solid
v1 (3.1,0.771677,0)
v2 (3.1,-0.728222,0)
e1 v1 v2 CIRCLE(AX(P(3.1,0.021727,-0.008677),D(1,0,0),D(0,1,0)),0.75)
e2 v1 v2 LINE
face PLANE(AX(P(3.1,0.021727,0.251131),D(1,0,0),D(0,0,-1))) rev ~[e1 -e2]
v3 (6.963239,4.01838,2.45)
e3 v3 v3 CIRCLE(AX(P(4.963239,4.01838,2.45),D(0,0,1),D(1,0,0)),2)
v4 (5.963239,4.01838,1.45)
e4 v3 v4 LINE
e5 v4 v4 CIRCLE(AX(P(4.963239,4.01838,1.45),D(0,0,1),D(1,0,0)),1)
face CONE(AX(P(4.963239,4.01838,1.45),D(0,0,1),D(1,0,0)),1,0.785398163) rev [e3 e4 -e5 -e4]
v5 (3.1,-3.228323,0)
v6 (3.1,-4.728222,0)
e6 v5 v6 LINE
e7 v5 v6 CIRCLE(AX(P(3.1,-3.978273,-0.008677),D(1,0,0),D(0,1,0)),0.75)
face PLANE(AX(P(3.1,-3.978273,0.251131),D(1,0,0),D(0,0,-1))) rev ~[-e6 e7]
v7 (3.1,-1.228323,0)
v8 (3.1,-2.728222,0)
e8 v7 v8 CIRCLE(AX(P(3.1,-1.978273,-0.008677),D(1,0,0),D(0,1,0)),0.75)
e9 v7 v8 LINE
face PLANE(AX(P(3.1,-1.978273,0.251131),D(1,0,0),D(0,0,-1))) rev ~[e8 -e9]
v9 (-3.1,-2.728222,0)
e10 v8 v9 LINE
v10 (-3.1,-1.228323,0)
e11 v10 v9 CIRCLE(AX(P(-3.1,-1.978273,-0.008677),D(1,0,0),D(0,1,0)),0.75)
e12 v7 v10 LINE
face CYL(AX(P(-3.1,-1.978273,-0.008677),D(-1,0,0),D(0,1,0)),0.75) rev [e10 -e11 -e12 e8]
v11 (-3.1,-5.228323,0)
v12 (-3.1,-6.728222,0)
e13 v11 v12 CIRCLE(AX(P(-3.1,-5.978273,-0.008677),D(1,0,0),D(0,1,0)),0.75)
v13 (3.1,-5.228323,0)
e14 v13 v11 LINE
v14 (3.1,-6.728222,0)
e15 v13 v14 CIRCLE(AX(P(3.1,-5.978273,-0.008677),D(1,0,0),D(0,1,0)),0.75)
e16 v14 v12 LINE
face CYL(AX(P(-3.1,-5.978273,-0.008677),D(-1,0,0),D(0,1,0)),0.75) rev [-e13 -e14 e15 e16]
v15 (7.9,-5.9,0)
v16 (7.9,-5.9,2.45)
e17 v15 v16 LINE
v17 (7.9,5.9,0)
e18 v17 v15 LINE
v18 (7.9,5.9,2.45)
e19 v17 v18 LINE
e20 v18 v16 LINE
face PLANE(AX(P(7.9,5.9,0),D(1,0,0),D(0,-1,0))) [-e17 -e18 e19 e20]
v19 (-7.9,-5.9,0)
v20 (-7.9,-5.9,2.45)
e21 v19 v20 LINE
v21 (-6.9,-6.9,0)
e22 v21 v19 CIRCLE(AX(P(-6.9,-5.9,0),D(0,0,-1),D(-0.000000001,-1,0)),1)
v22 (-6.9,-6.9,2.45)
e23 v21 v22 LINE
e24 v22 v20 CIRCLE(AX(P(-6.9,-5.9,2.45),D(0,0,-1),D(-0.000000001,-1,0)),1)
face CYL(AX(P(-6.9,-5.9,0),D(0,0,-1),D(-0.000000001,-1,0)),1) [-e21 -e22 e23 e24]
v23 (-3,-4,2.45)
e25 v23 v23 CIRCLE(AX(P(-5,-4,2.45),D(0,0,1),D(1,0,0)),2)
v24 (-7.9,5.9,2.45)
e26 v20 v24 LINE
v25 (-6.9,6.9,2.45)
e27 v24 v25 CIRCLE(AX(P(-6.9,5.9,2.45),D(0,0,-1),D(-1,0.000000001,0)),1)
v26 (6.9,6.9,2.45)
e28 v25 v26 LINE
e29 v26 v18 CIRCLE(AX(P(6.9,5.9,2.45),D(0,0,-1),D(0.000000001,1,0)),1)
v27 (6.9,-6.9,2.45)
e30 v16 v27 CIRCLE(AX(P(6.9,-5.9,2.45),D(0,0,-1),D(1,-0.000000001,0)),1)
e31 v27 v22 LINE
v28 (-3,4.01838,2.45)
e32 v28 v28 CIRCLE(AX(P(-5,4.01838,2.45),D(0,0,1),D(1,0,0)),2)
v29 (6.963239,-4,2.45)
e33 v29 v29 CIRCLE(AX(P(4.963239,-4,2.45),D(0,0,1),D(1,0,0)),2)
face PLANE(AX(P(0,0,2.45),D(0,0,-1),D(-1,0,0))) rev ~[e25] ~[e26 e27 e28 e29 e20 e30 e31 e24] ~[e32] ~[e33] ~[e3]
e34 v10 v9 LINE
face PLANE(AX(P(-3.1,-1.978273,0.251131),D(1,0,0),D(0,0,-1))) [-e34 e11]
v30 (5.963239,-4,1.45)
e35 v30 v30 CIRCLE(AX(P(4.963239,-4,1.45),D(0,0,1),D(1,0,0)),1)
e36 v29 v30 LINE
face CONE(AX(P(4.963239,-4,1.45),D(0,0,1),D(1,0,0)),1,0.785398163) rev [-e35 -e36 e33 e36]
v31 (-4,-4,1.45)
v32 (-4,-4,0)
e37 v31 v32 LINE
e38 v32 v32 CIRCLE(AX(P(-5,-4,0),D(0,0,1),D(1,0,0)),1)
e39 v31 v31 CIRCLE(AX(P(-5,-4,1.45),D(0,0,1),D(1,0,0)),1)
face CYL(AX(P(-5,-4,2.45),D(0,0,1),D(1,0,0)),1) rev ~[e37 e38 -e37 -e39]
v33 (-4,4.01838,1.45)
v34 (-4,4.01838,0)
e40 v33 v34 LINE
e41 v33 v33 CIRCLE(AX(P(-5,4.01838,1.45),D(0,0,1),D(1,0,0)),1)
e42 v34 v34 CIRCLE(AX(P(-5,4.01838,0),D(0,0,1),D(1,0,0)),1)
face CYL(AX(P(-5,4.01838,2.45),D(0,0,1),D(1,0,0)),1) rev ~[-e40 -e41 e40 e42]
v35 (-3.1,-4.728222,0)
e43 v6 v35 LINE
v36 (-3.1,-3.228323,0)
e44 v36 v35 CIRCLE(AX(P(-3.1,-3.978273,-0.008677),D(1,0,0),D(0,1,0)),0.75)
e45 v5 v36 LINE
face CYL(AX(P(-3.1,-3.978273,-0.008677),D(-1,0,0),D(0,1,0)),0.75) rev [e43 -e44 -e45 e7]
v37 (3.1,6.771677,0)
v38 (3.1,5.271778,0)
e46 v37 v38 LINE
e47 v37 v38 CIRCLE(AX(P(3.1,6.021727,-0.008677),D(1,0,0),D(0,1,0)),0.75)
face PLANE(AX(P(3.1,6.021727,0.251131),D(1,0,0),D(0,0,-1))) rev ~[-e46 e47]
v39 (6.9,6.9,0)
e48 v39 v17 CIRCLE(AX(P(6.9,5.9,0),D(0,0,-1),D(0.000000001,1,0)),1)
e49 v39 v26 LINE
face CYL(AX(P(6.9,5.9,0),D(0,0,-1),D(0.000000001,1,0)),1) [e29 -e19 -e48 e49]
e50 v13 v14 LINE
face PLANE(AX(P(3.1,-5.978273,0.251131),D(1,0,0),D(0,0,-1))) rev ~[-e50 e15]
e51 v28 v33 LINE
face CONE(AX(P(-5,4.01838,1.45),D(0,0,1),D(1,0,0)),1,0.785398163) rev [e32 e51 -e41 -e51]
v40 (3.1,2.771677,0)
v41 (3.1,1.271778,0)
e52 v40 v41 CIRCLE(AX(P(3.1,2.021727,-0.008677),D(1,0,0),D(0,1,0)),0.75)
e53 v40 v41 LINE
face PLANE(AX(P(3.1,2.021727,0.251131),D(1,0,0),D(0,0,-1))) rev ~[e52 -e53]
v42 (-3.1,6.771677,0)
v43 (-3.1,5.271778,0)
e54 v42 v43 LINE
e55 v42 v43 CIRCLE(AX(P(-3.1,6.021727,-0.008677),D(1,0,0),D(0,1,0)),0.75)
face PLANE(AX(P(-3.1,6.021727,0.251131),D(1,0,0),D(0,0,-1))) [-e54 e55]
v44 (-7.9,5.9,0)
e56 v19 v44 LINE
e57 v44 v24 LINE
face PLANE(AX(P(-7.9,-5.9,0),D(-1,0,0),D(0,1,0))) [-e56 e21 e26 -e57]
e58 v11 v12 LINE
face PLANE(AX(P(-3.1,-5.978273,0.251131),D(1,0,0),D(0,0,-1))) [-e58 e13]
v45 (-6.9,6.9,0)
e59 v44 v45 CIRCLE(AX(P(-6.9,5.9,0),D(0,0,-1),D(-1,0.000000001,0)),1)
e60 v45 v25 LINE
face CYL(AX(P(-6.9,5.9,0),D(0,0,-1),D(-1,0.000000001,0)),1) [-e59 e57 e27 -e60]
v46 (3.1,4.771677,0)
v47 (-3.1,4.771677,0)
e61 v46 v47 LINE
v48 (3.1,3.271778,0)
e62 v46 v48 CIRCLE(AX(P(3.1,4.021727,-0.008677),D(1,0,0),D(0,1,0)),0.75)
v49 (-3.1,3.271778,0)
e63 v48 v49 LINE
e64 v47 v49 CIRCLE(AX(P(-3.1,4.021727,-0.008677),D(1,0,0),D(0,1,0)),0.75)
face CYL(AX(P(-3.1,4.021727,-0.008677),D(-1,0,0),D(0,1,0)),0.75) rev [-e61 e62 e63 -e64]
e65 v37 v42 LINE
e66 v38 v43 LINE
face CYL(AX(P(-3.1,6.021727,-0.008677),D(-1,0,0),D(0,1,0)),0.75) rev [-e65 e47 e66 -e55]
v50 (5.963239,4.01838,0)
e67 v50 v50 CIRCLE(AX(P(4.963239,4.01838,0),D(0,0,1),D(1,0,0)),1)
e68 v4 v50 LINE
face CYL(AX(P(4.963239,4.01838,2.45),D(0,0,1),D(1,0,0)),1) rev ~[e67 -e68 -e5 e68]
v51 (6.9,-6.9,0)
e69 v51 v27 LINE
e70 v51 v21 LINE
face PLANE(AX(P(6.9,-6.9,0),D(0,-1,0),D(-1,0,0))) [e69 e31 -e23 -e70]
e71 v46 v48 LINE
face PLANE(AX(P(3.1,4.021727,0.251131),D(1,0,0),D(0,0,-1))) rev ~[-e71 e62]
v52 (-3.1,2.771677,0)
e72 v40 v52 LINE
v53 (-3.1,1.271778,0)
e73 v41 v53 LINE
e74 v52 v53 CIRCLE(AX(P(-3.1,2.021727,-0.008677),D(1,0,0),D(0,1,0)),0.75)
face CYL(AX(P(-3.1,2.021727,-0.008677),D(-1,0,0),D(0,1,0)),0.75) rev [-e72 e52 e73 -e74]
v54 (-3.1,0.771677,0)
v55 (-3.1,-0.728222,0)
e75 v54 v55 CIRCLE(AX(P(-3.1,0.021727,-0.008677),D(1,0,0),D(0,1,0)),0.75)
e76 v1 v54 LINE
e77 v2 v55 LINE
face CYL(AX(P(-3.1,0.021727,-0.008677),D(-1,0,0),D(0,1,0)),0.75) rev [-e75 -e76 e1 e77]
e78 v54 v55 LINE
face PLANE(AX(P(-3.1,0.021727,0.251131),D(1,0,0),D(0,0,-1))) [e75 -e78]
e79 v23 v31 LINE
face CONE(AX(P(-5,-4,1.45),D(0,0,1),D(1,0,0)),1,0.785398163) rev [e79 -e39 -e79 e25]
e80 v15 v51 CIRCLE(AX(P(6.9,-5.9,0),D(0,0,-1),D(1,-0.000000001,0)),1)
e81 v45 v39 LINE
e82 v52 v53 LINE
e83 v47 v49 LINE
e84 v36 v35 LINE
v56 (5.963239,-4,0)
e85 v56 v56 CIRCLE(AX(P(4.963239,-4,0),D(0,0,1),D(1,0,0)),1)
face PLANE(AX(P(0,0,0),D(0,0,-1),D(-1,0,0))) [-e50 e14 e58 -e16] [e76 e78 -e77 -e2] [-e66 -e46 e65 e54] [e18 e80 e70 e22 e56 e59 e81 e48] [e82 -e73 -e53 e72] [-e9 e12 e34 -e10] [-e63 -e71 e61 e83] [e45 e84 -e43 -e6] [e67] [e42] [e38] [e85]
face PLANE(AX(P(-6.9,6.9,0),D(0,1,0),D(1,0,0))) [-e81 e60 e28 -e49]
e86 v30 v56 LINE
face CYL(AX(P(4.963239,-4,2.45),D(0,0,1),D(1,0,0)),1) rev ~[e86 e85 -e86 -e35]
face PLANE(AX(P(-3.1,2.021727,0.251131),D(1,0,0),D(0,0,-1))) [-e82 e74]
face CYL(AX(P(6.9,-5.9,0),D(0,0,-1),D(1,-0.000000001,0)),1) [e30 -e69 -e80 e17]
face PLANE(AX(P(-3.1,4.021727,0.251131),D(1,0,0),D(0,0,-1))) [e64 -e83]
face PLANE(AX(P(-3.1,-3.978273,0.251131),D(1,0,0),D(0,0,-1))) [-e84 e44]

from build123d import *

# Parameters (mm, degrees)
EXTRUDE_1_DEPTH          = 2.45
CUT_EXTRUDE_1_DEPTH      = 3.1
CUT_EXTRUDE_1_DEPTH_BACK = 3.1
SKETCH_4_R               = 1
CUT_EXTRUDE_2_DEPTH      = 6.1
CHAMFER_1_SIZE           = 1


with BuildPart() as part:
    # 草图1 → 凸台-拉伸1 (new body)
    with BuildSketch(Plane.XY):
        with BuildLine():
            Line((-6.9, 6.9), (6.9, 6.9))
            ThreePointArc((6.9, 6.9), (7.607106781, 6.607106781), (7.9, 5.9))
            Line((7.9, 5.9), (7.9, -5.9))
            ThreePointArc((7.9, -5.9), (7.607106781, -6.607106781), (6.9, -6.9))
            Line((6.9, -6.9), (-6.9, -6.9))
            ThreePointArc((-6.9, -6.9), (-7.607106781, -6.607106781), (-7.9, -5.9))
            Line((-7.9, -5.9), (-7.9, 5.9))
            ThreePointArc((-7.9, 5.9), (-7.607106781, 6.607106781), (-6.9, 6.9))
        make_face()
    extrude(amount=EXTRUDE_1_DEPTH)

    # 草图3 → 切除-拉伸1 (cut, two sides: drawn at the far end of the back side and taken through both)
    with BuildSketch(Plane(origin=(0, 0, 0), x_dir=(0, 0, -1), z_dir=(1, 0, 0)).offset(-CUT_EXTRUDE_1_DEPTH_BACK)):
        with BuildLine():
            Line((0.008677119, -0.72827251), (0.008677119, 0.77172749))
            ThreePointArc((0.008677119, 0.77172749), (-0.741322881, 0.02172749), (0.008677119, -0.72827251))
        make_face()
        with BuildLine():
            Line((0.008677119, -6.72827251), (0.008677119, -5.22827251))
            ThreePointArc((0.008677119, -5.22827251), (-0.741322881, -5.97827251), (0.008677119, -6.72827251))
        make_face()
        with BuildLine():
            Line((0.008677119, -4.72827251), (0.008677119, -3.22827251))
            ThreePointArc((0.008677119, -3.22827251), (-0.741322881, -3.97827251), (0.008677119, -4.72827251))
        make_face()
        with BuildLine():
            Line((0.008677119, -2.72827251), (0.008677119, -1.22827251))
            ThreePointArc((0.008677119, -1.22827251), (-0.741322881, -1.97827251), (0.008677119, -2.72827251))
        make_face()
        with BuildLine():
            Line((0.008677119, 1.27172749), (0.008677119, 2.77172749))
            ThreePointArc((0.008677119, 2.77172749), (-0.741322881, 2.02172749), (0.008677119, 1.27172749))
        make_face()
        with BuildLine():
            Line((0.008677119, 3.27172749), (0.008677119, 4.77172749))
            ThreePointArc((0.008677119, 4.77172749), (-0.741322881, 4.02172749), (0.008677119, 3.27172749))
        make_face()
        with BuildLine():
            Line((0.008677119, 5.27172749), (0.008677119, 6.77172749))
            ThreePointArc((0.008677119, 6.77172749), (-0.741322881, 6.02172749), (0.008677119, 5.27172749))
        make_face()
    extrude(amount=CUT_EXTRUDE_1_DEPTH + CUT_EXTRUDE_1_DEPTH_BACK, mode=Mode.SUBTRACT)

    # 草图4 → 切除-拉伸2 (cut)
    with BuildSketch(Plane.XY.offset(2.45)):
        with Locations((-5, -4)):
            Circle(SKETCH_4_R)
        with Locations((4.96323916, -4)):
            Circle(SKETCH_4_R)
        with Locations((4.96323916, 4.01838042)):
            Circle(SKETCH_4_R)
        with Locations((-5, 4.01838042)):
            Circle(SKETCH_4_R)
    extrude(amount=-CUT_EXTRUDE_2_DEPTH, mode=Mode.SUBTRACT)

    # 倒角1
    chamfer_1_edges = [part.edges().sort_by_distance(p)[0] for p in [
        (-6, 4.01838042, 2.45),
        (3.96323916, 4.01838042, 2.45),
        (3.96323916, -4, 2.45),
        (-6, -4, 2.45),
    ]]
    chamfer(chamfer_1_edges, length=CHAMFER_1_SIZE)


solid = part.part
